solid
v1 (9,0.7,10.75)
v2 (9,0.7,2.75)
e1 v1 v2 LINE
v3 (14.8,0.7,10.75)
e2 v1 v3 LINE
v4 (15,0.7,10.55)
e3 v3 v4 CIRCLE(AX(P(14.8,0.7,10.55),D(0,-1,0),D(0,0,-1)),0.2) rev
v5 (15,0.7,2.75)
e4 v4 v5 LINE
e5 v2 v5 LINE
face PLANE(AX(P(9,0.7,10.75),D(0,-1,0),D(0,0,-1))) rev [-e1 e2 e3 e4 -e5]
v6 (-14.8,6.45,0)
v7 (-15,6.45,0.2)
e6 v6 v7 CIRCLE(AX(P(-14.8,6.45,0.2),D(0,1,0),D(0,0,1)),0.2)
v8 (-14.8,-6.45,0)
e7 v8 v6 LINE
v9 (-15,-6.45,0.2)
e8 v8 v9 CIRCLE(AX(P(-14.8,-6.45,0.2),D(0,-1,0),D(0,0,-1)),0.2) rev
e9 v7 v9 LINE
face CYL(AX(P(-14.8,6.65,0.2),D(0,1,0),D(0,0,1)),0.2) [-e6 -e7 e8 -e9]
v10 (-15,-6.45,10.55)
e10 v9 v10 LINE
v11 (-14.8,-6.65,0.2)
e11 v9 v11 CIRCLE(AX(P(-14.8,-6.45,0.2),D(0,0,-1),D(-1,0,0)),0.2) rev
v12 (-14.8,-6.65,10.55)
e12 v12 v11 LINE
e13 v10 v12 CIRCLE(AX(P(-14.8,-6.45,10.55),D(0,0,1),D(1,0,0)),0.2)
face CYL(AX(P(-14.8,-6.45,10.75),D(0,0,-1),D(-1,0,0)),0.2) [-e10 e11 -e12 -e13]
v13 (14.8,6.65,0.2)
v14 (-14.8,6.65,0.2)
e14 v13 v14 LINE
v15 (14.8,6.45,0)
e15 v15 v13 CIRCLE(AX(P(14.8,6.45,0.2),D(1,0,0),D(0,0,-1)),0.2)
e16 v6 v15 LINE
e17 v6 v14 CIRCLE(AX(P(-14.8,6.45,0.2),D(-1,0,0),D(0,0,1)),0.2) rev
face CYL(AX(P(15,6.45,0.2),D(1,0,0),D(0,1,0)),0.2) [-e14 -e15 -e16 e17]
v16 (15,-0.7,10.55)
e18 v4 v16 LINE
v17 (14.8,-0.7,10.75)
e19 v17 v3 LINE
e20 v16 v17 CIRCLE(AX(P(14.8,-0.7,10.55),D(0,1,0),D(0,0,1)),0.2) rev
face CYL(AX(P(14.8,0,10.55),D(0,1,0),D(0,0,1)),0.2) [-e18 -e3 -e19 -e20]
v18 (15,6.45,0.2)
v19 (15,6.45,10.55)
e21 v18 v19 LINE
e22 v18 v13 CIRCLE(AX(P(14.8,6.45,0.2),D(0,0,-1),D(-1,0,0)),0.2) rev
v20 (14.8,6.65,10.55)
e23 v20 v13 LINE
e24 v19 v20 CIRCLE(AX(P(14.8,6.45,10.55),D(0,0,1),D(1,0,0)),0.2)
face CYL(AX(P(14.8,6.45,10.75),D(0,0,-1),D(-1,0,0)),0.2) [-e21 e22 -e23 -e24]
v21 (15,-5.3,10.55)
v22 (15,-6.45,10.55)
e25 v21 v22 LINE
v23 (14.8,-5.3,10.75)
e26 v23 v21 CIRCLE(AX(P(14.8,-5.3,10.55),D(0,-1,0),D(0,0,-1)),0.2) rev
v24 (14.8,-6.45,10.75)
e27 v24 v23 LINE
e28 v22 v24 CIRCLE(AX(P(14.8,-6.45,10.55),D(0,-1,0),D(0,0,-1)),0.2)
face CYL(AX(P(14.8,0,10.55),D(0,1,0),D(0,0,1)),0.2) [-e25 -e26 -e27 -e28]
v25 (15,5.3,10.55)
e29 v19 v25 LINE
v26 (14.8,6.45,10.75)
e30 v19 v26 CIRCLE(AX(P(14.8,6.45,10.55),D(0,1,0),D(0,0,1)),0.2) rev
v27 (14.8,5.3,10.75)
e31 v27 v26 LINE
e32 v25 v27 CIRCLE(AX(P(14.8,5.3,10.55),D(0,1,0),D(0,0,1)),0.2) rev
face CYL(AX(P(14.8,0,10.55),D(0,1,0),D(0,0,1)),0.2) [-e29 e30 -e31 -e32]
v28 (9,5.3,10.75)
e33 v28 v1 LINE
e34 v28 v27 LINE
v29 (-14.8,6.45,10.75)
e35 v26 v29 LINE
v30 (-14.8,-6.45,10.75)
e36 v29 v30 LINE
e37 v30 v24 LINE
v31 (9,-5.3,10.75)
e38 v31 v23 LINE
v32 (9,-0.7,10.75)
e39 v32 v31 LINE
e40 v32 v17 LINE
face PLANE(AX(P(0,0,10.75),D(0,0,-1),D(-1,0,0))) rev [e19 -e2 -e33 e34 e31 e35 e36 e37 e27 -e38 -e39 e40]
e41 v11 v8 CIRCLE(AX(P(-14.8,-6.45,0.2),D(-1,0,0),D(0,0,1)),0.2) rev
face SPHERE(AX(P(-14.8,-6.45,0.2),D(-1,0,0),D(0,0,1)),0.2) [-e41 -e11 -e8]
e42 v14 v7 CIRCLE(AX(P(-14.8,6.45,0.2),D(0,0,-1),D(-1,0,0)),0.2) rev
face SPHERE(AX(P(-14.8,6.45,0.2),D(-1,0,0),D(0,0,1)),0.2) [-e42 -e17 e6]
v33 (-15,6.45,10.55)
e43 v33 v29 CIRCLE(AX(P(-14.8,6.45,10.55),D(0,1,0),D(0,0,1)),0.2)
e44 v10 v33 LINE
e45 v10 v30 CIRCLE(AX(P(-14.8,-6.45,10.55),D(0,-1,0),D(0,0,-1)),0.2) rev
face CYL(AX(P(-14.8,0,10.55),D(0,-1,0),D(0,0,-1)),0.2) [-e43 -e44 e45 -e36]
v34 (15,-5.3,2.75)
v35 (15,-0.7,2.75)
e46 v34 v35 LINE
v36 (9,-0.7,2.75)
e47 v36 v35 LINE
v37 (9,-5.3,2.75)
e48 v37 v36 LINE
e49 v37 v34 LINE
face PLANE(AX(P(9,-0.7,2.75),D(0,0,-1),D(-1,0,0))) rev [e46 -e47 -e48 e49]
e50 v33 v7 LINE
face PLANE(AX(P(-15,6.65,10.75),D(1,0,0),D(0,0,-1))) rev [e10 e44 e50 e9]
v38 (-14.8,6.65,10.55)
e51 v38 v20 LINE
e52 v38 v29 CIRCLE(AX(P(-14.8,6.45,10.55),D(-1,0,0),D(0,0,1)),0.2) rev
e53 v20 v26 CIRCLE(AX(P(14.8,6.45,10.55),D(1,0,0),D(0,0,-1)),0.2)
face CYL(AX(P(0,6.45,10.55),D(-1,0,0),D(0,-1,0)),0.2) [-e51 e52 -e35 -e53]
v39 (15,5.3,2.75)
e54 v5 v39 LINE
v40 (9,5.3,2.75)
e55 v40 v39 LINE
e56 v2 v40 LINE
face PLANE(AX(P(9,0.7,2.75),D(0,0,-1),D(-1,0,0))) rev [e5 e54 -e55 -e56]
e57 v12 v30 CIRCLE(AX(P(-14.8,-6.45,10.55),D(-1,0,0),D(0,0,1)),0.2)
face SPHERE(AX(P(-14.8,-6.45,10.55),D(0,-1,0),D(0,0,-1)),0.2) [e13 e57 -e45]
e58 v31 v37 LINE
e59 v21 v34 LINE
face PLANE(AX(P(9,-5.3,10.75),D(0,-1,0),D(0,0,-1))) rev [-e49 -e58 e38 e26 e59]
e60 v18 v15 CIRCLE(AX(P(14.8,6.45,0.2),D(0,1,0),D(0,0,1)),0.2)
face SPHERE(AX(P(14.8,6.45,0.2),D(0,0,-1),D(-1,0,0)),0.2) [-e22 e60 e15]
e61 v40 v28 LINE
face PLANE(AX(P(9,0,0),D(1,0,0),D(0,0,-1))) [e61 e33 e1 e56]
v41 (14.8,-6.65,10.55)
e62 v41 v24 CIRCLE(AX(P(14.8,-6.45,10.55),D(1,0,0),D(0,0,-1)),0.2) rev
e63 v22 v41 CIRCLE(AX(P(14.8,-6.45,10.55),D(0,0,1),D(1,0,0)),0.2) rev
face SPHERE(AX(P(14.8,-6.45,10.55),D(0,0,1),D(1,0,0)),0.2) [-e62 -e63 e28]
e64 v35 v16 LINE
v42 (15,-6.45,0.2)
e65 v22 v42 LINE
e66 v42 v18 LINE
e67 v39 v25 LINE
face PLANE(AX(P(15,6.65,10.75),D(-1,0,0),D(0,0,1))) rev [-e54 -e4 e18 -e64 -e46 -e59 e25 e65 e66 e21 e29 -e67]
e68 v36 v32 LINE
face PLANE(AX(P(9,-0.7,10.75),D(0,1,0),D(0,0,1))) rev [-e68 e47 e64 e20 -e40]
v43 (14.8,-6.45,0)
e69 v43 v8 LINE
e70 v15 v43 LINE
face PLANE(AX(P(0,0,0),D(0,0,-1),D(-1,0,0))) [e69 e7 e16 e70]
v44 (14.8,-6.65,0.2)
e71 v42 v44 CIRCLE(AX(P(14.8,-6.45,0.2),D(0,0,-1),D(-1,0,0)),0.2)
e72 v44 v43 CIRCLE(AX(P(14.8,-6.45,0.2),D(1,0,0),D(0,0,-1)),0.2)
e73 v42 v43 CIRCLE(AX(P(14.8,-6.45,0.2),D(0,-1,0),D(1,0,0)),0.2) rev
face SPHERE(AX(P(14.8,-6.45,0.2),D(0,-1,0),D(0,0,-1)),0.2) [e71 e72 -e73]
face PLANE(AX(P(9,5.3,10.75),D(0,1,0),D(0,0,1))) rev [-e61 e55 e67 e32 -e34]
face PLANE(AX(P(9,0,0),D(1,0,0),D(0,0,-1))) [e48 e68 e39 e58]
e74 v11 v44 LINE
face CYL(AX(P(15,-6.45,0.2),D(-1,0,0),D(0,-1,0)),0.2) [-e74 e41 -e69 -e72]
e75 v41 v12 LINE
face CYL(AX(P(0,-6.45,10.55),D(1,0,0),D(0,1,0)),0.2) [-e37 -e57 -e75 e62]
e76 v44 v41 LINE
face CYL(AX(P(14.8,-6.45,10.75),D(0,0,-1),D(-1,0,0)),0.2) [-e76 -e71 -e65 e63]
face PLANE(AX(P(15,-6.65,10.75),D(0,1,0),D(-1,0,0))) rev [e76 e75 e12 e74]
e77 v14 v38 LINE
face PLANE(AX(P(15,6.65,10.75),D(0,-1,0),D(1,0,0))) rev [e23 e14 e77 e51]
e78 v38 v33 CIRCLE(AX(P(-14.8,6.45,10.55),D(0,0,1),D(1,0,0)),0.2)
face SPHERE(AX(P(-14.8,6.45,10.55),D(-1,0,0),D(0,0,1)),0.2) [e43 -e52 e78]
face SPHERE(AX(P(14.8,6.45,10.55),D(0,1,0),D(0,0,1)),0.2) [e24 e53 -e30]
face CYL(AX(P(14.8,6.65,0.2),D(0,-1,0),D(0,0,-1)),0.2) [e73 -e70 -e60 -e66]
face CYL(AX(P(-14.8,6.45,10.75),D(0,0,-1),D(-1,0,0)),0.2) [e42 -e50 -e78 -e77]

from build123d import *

# Parameters (mm, degrees)
SKETCH1_W           = 30
SKETCH1_H           = 13.3
BOSS_EXTRUDE1_DEPTH = 10.75
SKETCH2_W           = 8
SKETCH2_H           = 4.6
CUT_EXTRUDE1_DEPTH  = 6
FILLET1_R           = 0.2


with BuildPart() as part:
    # Sketch1 → Boss-Extrude1 (new body)
    with BuildSketch(Plane.XY):
        Rectangle(SKETCH1_W, SKETCH1_H)
    extrude(amount=BOSS_EXTRUDE1_DEPTH)

    # Sketch2 → Cut-Extrude1 (cut)
    with BuildSketch(Plane(origin=(15, 0, 0), x_dir=(0, 0, -1), z_dir=(1, 0, 0))):
        with Locations((-6.75, -3)):
            Rectangle(SKETCH2_W, SKETCH2_H)
        with Locations((-6.75, 3)):
            Rectangle(SKETCH2_W, SKETCH2_H)
    extrude(amount=-CUT_EXTRUDE1_DEPTH, mode=Mode.SUBTRACT)

    # Fillet1
    fillet1_edges = [part.edges().sort_by_distance(p)[0] for p in [
        (15, -5.975, 10.75),
        (15, 0, 10.75),
        (15, 5.975, 10.75),
        (0, 6.65, 10.75),
        (-15, 0, 10.75),
        (0, 6.65, 0),
        (15, 0, 0),
        (0, -6.65, 0),
        (-15, 0, 0),
        (-15, 6.65, 5.375),
        (15, 6.65, 5.375),
        (15, -6.65, 5.375),
        (-15, -6.65, 5.375),
        (0, -6.65, 10.75),
    ]]
    fillet(fillet1_edges, radius=FILLET1_R)


solid = part.part
